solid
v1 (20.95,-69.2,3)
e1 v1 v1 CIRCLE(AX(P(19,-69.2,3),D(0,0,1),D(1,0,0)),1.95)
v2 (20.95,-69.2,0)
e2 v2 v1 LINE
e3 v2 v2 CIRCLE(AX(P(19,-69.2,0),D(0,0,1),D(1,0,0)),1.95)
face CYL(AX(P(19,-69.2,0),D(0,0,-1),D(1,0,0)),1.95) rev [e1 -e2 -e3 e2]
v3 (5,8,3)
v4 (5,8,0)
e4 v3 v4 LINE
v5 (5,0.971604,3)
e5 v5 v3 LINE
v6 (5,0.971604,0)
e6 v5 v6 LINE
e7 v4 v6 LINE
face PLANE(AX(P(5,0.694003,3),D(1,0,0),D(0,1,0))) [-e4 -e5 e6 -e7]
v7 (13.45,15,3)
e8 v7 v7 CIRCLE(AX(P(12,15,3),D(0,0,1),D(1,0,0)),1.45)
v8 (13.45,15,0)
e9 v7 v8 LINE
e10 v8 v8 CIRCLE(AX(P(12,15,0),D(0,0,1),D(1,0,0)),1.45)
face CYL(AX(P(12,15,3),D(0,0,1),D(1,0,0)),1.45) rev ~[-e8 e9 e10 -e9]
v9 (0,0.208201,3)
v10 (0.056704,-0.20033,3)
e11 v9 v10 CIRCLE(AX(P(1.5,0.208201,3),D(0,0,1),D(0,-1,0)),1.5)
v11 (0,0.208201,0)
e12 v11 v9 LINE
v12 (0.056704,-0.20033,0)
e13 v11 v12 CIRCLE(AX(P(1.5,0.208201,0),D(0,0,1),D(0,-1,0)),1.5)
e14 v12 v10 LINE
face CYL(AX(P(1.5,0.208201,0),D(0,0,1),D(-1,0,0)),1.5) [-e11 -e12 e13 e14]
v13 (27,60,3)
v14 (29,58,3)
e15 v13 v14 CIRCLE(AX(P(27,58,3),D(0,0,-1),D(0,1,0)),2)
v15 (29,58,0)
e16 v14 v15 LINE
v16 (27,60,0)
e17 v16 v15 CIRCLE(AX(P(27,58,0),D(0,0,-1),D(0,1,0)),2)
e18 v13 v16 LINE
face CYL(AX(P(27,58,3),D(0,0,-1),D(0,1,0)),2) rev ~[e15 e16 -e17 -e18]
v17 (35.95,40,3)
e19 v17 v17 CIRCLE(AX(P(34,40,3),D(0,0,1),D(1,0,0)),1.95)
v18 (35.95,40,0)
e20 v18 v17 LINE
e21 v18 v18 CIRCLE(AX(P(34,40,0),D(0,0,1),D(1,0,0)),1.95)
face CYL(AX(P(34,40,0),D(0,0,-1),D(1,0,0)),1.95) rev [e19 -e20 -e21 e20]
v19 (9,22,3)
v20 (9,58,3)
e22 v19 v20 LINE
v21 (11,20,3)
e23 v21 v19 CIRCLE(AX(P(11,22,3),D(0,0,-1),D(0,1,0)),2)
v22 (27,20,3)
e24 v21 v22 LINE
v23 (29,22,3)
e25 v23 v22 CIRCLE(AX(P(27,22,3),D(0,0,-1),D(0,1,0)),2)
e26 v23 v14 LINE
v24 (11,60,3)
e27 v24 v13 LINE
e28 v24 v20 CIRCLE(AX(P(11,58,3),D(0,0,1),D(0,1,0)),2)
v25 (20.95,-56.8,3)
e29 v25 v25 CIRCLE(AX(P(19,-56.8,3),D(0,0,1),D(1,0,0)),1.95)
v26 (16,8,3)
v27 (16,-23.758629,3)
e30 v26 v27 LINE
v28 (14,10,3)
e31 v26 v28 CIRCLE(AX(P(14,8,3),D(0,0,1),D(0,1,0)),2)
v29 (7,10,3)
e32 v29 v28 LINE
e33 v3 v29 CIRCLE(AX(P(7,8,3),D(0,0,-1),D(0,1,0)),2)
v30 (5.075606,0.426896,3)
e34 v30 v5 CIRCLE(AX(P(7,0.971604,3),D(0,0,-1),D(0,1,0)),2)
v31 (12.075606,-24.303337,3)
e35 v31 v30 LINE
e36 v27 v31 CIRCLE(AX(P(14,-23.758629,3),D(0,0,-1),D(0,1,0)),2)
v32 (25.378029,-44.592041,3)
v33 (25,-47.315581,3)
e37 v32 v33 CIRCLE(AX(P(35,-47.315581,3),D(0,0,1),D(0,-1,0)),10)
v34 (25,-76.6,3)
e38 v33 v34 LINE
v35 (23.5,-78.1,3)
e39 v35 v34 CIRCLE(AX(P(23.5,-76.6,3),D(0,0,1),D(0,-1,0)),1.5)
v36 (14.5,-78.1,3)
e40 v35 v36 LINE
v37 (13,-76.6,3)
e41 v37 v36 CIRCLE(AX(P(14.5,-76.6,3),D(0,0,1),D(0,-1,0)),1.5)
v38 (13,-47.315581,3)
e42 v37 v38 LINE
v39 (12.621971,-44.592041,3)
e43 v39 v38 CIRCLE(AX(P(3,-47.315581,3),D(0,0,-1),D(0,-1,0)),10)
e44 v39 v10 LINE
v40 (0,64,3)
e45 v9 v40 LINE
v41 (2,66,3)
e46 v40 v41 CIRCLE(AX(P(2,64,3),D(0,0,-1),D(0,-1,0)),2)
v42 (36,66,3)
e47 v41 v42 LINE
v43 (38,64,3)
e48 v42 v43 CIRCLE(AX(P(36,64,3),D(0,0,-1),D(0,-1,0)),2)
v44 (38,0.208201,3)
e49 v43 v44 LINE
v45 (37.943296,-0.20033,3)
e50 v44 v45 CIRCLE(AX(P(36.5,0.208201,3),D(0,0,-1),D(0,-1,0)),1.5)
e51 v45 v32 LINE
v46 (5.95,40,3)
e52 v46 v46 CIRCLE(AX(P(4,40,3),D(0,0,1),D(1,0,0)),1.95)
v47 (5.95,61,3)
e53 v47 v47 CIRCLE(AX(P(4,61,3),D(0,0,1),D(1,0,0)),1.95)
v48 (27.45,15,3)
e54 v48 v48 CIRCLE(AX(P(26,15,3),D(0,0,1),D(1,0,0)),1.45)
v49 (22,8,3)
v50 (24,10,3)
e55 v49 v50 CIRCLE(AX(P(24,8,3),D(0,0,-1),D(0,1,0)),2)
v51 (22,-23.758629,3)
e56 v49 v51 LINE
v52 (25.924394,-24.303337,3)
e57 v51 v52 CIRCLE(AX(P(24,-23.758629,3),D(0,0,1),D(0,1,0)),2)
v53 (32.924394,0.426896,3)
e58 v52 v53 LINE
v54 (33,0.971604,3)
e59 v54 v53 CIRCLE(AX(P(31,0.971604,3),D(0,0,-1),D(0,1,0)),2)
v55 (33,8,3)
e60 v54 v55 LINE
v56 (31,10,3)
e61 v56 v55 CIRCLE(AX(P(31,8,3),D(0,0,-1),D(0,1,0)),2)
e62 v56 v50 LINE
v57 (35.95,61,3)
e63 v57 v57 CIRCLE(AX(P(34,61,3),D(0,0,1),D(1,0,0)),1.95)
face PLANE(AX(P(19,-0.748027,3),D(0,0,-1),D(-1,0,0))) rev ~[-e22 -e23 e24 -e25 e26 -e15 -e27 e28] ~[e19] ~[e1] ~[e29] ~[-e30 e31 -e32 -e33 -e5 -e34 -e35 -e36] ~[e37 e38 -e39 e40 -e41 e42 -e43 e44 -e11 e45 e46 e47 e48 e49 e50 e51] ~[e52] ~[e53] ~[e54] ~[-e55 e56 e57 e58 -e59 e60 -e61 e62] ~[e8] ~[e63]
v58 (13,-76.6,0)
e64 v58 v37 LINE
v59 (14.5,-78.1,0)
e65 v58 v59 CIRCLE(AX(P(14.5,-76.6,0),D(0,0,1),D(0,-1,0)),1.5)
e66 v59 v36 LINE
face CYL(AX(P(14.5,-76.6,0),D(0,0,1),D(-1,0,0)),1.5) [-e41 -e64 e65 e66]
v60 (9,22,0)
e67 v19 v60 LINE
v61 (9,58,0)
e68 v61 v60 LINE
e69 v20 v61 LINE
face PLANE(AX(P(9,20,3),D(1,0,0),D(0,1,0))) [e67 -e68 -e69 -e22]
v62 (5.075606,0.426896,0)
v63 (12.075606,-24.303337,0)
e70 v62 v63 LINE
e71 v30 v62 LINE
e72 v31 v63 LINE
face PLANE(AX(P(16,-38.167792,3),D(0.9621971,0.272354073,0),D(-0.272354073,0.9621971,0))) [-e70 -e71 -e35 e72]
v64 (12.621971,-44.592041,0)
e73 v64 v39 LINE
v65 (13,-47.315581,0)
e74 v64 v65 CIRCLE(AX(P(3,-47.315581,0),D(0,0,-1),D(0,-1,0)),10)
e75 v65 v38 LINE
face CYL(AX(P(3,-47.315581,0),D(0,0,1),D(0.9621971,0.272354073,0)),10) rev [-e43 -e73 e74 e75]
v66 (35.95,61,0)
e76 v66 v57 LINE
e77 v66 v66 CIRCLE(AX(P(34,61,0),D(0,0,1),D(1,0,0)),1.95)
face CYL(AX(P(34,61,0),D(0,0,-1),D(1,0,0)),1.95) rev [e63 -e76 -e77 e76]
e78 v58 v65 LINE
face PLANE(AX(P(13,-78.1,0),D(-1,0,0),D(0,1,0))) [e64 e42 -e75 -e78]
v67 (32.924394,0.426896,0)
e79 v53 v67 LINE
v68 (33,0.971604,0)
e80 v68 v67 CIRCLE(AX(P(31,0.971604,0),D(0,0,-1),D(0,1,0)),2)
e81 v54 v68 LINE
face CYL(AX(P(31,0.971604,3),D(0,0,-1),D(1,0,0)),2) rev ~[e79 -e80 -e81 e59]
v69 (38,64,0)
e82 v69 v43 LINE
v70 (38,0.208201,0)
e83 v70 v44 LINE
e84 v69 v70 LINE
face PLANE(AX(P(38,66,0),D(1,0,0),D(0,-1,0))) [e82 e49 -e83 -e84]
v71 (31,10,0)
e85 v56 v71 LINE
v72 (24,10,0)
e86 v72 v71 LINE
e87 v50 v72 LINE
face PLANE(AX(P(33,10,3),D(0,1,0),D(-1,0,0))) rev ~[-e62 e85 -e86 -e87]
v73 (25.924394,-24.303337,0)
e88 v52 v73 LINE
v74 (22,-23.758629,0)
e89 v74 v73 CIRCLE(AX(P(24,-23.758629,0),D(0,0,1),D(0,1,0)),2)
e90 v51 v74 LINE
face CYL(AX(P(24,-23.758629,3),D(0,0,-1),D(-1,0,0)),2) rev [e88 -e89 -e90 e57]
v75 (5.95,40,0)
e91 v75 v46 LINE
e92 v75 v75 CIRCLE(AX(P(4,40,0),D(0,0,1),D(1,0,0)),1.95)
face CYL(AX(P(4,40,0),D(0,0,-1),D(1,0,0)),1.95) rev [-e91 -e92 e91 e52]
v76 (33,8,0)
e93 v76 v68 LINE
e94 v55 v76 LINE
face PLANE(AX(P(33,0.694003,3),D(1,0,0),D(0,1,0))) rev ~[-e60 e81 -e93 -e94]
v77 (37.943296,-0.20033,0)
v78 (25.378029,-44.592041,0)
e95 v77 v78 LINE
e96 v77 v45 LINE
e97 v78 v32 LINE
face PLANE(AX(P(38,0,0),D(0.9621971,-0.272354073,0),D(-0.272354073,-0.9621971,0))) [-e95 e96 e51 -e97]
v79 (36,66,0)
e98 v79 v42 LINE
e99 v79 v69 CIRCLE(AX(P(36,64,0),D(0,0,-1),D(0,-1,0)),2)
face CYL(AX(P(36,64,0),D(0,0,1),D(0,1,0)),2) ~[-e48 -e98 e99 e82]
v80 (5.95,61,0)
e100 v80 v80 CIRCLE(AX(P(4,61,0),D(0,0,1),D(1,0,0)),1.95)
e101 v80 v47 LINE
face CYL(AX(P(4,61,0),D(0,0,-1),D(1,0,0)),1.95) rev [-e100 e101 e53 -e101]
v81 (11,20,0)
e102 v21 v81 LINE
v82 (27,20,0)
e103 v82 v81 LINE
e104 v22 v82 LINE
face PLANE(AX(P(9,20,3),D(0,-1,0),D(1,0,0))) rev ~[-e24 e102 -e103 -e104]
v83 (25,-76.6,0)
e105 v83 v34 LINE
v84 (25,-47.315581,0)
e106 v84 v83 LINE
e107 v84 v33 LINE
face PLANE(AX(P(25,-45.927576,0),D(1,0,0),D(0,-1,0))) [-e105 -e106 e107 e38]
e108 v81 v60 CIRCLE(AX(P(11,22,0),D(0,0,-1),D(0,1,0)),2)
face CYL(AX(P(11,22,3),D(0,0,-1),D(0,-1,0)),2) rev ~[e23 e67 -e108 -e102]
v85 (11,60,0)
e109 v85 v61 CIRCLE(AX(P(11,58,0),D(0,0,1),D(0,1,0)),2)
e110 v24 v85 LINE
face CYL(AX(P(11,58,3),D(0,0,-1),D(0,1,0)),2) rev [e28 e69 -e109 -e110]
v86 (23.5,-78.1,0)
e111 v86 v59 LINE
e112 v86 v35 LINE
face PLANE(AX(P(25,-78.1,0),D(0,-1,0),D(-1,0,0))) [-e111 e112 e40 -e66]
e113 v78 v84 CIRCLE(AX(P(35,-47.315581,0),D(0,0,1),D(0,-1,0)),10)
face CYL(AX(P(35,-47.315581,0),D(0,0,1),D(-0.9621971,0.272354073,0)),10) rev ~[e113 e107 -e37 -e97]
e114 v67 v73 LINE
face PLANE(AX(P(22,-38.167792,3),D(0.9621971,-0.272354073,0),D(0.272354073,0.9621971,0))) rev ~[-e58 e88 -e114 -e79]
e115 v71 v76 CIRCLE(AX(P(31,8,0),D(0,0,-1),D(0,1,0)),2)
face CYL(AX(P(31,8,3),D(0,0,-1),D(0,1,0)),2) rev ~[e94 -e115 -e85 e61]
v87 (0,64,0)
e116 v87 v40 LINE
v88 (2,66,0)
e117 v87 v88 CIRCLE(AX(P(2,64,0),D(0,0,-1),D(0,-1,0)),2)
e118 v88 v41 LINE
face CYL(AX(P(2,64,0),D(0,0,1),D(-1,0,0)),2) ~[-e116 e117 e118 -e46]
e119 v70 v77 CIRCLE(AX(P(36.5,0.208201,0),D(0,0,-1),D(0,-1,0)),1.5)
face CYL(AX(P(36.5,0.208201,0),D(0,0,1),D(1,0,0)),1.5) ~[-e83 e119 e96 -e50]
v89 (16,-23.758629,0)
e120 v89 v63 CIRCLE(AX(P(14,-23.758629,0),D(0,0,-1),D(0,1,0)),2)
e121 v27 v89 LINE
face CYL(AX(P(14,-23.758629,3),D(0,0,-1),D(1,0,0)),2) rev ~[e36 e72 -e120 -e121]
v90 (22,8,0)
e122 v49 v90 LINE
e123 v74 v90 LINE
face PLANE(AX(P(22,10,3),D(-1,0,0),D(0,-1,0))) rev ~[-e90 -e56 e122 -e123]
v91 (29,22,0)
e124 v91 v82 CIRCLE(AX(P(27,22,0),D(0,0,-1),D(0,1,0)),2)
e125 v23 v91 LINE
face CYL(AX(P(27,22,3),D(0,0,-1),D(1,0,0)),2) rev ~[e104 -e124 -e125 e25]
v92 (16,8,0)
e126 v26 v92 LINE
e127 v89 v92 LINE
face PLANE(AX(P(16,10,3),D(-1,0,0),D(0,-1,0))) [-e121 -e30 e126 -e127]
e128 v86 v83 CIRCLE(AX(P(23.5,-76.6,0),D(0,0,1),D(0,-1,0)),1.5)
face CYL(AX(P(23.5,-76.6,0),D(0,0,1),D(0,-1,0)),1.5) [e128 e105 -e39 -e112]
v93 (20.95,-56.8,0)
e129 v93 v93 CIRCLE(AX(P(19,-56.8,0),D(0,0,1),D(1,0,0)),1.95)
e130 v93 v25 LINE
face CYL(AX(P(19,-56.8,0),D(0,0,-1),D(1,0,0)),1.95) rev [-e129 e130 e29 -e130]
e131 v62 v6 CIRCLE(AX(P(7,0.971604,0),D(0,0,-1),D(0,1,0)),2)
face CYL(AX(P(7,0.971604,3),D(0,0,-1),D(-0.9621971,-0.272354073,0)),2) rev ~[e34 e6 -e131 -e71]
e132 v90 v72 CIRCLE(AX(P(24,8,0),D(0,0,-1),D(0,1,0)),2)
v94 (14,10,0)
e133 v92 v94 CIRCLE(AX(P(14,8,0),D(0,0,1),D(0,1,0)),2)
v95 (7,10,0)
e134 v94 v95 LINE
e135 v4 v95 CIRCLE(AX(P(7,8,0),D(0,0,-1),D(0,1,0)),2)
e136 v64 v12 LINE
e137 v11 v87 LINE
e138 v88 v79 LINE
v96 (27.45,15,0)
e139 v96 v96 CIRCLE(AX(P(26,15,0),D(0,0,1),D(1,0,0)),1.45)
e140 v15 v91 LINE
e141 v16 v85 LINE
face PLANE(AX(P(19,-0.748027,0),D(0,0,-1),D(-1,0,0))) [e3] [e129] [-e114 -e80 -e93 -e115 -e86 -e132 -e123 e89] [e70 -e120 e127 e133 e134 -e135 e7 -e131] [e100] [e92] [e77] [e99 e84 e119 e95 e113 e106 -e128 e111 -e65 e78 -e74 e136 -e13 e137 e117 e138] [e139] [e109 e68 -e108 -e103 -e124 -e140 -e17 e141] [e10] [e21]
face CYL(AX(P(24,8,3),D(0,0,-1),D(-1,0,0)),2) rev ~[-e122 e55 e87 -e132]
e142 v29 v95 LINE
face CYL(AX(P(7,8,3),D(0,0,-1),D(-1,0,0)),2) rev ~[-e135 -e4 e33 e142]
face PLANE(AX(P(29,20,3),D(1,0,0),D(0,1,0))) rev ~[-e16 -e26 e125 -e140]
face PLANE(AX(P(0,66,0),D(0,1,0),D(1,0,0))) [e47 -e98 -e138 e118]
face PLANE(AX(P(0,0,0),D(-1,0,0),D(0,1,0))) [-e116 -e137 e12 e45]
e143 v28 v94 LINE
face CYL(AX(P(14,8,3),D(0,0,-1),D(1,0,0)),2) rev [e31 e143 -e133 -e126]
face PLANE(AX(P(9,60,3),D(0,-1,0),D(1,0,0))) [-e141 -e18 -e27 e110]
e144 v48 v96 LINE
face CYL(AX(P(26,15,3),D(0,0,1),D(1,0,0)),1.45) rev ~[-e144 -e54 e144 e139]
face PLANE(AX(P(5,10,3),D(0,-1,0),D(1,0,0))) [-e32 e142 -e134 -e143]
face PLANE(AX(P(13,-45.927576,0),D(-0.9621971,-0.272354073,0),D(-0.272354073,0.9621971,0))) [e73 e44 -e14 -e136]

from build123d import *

# Parameters (mm, degrees)
SKETCH_1_R          = 1.95
EXTRUDE_1_DEPTH     = 3
SKETCH_2_R          = 1.45
SKETCH_2_W          = 20
SKETCH_2_H          = 40
CUT_EXTRUDE_1_DEPTH = 10
FILLET_1_R          = 1.5
FILLET_2_R          = 10
FILLET_3_R          = 2


with BuildPart() as part:
    # 草图1 → 凸台-拉伸1 (new body)
    with BuildSketch(Plane.XY):
        Polygon((0, 0), (0, 66), (38, 66), (38, 0), (25, -45.927575687), (25, -78.1), (13, -78.1), (13, -45.927575687), align=None)
        with Locations((4, 40)):
            Circle(SKETCH_1_R, mode=Mode.SUBTRACT)
        with Locations((34, 40)):
            Circle(SKETCH_1_R, mode=Mode.SUBTRACT)
        with Locations((4, 61)):
            Circle(SKETCH_1_R, mode=Mode.SUBTRACT)
        with Locations((34, 61)):
            Circle(SKETCH_1_R, mode=Mode.SUBTRACT)
        with Locations((19, -56.8)):
            Circle(SKETCH_1_R, mode=Mode.SUBTRACT)
        with Locations((19, -69.2)):
            Circle(SKETCH_1_R, mode=Mode.SUBTRACT)
    extrude(amount=EXTRUDE_1_DEPTH)

    # 草图2 → 切除-拉伸1 (cut)
    with BuildSketch(Plane.XY.offset(3)):
        with Locations((12, 15)):
            Circle(SKETCH_2_R)
        with Locations((26, 15)):
            Circle(SKETCH_2_R)
        Polygon((5, 10), (16, 10), (16, -38.16779197), (5, 0.694002842), align=None)
        with Locations((19, 40)):
            Rectangle(SKETCH_2_W, SKETCH_2_H)
        Polygon((22, 10), (22, -38.16779197), (33, 0.694002842), (33, 10), align=None)
    extrude(amount=-CUT_EXTRUDE_1_DEPTH, mode=Mode.SUBTRACT)

    # 圆角1
    fillet_1_edges = [part.edges().sort_by_distance(p)[0] for p in [
        (0, 0, 1.5),
        (38, 0, 1.5),
        (25, -78.1, 1.5),
        (13, -78.1, 1.5),
    ]]
    fillet(fillet_1_edges, radius=FILLET_1_R)

    # 圆角2
    fillet_2_edges = [part.edges().sort_by_distance(p)[0] for p in [
        (25, -45.927575687, 1.5),
        (13, -45.927575687, 1.5),
    ]]
    fillet(fillet_2_edges, radius=FILLET_2_R)

    # 圆角3
    fillet_3_edges = [part.edges().sort_by_distance(p)[0] for p in [
        (0, 66, 1.5),
        (38, 66, 1.5),
        (9, 20, 1.5),
        (9, 60, 1.5),
        (29, 60, 1.5),
        (29, 20, 1.5),
        (5, 0.694002842, 1.5),
        (5, 10, 1.5),
        (16, 10, 1.5),
        (16, -38.16779197, 1.5),
        (22, 10, 1.5),
        (33, 10, 1.5),
        (33, 0.694002842, 1.5),
        (22, -38.16779197, 1.5),
    ]]
    fillet(fillet_3_edges, radius=FILLET_3_R)


solid = part.part
